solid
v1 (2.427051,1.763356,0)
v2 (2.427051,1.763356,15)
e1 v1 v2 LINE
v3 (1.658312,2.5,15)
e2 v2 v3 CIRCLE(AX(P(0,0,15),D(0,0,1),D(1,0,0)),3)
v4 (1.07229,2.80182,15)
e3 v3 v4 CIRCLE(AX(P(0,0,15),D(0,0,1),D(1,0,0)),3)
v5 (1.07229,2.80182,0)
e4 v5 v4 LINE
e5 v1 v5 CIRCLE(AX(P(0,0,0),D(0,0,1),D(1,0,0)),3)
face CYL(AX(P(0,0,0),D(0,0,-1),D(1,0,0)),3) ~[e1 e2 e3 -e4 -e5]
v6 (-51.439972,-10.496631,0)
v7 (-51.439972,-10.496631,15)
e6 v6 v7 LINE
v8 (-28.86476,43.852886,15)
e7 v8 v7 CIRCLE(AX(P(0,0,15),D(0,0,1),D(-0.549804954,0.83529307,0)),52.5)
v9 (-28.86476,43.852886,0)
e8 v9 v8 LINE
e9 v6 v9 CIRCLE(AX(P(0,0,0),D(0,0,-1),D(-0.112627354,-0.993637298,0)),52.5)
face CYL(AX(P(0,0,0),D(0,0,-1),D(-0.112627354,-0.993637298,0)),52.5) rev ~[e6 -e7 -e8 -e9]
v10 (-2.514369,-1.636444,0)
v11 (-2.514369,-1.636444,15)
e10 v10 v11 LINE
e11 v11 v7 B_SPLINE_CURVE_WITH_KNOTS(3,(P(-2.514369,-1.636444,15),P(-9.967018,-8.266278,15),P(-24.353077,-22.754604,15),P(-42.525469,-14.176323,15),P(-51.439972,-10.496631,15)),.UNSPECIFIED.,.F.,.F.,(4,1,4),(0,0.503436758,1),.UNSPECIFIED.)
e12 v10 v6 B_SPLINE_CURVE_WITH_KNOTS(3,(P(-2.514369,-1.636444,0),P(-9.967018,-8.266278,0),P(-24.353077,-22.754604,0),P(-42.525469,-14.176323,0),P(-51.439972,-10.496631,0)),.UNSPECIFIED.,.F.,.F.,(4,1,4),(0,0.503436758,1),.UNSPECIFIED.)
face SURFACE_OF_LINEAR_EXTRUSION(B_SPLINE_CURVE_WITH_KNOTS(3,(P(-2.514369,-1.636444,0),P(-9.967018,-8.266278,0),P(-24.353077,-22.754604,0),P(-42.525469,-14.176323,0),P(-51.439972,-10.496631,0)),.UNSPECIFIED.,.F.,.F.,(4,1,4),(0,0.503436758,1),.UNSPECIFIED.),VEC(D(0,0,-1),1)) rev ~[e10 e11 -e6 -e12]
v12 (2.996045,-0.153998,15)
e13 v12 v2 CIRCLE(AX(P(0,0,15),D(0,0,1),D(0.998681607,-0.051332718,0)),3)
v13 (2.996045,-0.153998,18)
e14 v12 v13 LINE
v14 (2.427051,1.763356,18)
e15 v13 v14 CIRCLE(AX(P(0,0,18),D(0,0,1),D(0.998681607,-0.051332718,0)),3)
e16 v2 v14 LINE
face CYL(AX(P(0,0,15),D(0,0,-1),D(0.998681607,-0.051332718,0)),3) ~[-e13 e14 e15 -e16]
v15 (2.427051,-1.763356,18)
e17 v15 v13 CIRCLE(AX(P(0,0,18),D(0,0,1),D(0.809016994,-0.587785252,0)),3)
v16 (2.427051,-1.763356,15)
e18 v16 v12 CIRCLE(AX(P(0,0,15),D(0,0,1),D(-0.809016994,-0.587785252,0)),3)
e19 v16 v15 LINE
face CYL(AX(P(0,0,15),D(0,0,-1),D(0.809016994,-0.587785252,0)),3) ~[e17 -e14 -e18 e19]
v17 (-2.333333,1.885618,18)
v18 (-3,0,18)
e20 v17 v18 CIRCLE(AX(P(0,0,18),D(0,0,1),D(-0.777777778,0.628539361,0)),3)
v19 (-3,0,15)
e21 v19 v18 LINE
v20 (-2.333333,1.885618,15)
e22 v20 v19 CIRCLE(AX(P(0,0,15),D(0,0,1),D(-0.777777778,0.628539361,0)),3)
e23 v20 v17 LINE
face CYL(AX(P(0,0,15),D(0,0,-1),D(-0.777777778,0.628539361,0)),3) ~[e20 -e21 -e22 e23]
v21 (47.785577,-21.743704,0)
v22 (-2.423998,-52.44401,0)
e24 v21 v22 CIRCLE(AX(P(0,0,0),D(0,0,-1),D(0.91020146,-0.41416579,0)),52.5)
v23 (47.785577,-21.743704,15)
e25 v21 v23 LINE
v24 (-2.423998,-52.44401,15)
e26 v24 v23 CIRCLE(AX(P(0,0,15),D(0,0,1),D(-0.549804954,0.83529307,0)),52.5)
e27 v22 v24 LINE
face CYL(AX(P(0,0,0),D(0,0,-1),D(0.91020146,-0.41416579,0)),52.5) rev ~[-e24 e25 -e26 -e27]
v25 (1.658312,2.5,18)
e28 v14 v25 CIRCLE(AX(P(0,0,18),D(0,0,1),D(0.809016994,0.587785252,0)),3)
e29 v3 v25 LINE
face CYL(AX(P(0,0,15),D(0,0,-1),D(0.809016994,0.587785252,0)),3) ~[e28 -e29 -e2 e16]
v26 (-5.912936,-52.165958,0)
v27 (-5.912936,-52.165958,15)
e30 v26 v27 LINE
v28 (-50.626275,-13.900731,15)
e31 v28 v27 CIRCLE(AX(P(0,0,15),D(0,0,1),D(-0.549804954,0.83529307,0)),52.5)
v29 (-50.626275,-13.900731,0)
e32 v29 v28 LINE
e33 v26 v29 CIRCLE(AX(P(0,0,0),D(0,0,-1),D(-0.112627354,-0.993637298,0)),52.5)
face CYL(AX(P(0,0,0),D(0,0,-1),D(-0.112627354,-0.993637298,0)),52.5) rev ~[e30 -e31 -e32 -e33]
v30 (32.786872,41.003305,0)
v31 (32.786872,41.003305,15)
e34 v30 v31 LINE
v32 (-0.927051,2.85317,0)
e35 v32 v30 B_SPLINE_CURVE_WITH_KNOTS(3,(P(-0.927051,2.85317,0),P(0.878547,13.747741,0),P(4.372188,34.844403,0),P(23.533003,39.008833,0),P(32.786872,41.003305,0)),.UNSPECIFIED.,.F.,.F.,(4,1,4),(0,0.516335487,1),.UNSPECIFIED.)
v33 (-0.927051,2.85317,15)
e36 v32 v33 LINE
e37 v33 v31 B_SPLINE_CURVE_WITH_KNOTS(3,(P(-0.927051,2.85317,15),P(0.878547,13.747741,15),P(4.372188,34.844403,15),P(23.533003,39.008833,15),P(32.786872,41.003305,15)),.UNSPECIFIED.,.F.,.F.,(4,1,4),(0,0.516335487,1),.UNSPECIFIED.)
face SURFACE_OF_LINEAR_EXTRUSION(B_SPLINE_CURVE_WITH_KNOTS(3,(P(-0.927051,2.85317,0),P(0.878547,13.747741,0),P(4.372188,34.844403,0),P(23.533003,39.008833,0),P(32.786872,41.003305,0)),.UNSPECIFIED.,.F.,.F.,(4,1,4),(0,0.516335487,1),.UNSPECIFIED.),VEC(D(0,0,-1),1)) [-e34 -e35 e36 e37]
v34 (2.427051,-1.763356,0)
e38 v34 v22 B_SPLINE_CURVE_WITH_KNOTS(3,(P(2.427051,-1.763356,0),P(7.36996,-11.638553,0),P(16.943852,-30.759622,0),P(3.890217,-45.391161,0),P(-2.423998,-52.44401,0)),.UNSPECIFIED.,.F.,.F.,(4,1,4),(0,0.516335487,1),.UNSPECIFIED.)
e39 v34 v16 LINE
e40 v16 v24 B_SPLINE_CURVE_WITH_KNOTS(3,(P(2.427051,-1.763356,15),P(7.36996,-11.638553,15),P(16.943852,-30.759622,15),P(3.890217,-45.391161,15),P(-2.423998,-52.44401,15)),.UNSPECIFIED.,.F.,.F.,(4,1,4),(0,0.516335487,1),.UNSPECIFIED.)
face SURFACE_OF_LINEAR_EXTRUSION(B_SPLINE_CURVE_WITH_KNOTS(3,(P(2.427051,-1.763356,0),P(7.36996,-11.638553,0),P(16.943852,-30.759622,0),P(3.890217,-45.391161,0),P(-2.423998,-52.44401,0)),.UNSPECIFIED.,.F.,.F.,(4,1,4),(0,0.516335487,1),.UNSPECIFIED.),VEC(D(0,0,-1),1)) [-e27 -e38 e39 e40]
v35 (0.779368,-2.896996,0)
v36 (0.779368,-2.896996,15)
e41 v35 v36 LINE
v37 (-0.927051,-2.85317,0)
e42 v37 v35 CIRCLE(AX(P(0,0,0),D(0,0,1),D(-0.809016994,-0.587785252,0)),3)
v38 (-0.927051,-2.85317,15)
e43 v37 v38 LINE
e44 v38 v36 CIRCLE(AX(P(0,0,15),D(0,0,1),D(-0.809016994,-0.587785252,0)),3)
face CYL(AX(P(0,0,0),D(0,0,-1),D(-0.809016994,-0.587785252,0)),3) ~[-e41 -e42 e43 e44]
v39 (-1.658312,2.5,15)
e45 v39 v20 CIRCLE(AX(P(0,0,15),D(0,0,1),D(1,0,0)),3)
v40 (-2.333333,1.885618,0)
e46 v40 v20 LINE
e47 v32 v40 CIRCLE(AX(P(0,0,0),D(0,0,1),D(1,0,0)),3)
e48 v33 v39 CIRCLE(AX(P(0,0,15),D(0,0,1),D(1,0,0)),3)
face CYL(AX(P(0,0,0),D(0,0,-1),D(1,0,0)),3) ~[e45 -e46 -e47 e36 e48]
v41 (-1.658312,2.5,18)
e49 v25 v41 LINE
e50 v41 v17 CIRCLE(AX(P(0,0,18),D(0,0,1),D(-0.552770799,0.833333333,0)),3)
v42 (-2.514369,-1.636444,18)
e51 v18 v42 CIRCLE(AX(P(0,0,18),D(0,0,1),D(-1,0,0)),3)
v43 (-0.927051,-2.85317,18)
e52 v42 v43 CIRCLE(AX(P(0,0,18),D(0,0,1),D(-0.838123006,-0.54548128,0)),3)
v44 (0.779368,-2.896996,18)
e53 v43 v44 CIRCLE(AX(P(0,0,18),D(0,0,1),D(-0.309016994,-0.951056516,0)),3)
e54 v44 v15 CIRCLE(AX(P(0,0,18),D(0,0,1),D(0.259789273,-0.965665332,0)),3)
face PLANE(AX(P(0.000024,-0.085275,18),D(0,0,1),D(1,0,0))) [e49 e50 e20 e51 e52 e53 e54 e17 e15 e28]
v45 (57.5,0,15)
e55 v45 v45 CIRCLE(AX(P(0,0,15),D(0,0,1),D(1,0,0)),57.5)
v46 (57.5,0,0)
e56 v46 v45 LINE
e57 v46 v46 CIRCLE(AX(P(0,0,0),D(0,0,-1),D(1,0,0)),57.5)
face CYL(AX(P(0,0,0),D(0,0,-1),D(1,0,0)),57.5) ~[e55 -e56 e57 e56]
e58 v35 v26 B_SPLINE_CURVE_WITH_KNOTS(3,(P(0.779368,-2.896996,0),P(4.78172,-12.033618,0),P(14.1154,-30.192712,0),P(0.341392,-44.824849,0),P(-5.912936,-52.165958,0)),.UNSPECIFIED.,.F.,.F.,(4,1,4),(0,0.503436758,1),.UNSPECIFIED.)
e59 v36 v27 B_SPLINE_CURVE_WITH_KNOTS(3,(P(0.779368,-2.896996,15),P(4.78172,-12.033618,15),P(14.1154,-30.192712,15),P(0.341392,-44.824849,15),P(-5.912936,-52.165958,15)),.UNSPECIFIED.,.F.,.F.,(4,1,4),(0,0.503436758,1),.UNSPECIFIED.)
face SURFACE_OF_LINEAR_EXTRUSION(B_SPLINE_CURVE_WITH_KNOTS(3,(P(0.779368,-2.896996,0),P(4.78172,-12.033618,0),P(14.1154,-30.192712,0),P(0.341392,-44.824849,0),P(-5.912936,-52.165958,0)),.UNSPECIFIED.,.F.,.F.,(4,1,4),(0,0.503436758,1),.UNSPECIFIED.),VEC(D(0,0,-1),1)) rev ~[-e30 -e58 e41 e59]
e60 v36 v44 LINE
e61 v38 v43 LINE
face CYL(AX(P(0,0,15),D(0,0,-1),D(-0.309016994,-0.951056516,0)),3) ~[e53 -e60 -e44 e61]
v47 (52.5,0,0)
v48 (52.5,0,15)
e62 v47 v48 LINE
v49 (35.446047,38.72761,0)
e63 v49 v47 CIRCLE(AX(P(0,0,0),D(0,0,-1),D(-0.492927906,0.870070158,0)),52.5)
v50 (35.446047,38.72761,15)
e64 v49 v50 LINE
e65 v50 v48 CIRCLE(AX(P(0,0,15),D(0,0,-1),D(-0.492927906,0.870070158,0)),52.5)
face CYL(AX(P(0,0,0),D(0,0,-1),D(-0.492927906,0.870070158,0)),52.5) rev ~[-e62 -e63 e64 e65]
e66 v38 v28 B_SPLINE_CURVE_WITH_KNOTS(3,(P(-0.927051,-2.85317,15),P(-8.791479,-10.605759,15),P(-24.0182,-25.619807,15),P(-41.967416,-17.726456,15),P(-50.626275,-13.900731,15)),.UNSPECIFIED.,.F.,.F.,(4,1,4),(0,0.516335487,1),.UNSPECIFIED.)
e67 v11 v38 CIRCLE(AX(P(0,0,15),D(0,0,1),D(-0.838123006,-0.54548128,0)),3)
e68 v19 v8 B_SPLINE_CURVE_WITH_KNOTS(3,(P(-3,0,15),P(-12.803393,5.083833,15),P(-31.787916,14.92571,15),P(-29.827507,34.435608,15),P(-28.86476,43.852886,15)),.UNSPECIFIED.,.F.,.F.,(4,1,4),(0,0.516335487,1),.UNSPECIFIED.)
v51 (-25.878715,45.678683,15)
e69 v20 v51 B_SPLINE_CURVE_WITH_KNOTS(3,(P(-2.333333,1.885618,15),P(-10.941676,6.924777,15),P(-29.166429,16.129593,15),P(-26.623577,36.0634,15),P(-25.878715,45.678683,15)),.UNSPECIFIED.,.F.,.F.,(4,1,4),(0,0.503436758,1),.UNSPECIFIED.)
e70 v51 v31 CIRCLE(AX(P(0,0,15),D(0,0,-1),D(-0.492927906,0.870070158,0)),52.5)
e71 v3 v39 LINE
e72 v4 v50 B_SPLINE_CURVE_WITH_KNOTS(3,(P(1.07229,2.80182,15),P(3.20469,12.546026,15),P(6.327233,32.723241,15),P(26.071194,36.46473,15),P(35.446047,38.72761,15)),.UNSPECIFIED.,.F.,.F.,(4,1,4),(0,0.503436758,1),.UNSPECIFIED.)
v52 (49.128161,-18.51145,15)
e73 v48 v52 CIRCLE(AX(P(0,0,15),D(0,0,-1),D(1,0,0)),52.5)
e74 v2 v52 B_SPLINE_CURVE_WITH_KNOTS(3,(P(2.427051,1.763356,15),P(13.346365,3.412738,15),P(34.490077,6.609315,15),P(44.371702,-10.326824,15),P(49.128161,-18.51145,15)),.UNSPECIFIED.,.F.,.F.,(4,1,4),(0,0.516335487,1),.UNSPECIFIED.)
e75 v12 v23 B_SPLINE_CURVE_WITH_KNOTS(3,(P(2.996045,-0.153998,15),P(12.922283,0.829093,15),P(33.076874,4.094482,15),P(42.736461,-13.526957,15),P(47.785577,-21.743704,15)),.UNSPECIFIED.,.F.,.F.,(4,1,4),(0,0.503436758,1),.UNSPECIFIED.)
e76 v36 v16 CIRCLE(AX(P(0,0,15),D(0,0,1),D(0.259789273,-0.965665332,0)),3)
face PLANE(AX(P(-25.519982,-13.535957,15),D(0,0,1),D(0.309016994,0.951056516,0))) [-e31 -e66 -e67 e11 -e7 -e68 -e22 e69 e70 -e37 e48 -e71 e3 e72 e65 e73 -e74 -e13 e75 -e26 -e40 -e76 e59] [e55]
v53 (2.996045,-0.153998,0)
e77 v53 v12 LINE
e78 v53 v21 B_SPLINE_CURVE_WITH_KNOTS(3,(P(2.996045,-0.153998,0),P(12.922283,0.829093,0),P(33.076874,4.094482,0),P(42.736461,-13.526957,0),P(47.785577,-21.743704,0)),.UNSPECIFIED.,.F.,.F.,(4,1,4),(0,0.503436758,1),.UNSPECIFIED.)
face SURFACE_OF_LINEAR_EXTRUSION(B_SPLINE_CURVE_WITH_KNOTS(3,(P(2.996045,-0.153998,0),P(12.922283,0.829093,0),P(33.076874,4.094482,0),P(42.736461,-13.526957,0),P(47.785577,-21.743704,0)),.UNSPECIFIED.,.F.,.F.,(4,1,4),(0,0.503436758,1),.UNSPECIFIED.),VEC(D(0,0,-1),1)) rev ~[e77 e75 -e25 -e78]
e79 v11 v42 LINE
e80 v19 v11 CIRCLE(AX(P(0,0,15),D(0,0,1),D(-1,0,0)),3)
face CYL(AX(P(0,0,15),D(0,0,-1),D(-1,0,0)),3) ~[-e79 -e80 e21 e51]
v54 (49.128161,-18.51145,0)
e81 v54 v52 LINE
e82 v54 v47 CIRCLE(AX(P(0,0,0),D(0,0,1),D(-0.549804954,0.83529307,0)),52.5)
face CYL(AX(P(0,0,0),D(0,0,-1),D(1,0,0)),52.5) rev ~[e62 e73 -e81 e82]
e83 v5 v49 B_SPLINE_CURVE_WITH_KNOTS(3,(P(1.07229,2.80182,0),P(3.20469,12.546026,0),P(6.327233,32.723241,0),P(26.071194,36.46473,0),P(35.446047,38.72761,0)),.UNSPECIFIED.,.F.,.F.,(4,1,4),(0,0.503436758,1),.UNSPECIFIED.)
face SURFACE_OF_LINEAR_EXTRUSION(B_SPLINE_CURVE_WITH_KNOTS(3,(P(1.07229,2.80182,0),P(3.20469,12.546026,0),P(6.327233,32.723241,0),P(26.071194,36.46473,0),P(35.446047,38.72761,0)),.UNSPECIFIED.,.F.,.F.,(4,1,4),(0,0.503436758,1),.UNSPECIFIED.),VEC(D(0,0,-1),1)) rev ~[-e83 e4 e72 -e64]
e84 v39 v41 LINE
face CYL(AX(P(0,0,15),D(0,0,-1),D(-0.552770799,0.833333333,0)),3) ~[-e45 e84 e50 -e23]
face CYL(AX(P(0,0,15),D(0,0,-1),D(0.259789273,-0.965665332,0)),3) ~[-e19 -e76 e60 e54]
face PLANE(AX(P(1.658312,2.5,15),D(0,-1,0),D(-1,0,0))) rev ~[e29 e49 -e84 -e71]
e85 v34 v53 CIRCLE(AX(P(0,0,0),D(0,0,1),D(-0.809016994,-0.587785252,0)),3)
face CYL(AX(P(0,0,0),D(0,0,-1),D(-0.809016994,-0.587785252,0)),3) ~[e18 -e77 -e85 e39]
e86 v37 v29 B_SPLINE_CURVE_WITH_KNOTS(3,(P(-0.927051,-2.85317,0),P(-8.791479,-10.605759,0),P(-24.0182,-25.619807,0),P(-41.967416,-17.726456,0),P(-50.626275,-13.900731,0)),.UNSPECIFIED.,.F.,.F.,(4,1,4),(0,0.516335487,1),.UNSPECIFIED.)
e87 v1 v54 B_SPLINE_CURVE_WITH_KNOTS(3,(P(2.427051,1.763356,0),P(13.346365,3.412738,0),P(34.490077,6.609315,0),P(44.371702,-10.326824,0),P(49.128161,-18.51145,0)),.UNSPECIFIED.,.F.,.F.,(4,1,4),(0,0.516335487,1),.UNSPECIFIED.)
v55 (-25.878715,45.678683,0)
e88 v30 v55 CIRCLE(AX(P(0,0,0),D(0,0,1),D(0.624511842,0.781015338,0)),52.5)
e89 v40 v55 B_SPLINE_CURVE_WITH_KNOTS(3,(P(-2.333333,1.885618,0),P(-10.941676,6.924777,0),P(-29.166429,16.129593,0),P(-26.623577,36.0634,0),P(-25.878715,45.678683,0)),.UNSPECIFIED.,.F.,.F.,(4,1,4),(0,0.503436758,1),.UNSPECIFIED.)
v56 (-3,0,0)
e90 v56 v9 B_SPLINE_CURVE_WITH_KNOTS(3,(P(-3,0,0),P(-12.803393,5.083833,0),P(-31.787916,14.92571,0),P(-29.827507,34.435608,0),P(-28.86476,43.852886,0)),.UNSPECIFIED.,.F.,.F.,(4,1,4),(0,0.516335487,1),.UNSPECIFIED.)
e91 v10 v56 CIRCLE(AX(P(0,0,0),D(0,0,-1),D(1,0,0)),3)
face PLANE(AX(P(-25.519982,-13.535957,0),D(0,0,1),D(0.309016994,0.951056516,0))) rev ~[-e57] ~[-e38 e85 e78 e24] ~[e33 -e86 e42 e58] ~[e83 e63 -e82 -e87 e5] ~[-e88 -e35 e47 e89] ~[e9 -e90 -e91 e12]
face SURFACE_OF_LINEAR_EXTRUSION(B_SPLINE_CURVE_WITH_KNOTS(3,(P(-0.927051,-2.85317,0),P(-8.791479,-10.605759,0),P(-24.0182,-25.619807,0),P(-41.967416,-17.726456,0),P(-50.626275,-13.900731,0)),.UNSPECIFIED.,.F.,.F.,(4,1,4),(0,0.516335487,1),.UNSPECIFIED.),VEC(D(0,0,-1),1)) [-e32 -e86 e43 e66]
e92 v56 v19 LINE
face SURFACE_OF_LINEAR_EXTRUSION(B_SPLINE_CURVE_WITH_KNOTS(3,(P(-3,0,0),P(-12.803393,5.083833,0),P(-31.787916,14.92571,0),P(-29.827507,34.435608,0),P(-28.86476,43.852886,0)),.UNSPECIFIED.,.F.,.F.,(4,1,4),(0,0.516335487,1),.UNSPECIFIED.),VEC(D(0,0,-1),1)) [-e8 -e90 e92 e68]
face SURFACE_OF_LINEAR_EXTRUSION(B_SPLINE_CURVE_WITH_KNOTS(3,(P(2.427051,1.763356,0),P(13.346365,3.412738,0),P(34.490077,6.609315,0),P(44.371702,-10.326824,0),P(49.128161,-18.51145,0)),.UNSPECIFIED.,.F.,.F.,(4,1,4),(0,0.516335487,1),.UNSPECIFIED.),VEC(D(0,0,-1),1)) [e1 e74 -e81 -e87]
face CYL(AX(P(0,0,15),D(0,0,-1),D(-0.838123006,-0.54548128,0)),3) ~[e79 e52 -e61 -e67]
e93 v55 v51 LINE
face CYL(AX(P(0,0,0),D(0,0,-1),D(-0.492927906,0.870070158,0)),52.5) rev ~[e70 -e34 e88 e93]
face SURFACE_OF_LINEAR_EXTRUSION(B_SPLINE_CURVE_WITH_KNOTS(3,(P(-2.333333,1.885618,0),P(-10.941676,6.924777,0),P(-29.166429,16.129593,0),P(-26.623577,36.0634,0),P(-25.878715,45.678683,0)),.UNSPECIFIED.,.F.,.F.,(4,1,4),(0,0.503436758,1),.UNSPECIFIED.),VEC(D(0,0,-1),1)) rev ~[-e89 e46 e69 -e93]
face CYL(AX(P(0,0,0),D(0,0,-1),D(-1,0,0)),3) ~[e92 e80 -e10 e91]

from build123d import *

# Parameters (mm, degrees)
F0_R     = 57.5
F1_DEPTH = 15
F2_DEPTH = 15
F4_COUNT = 5
F6_DEPTH = 3


with BuildPart() as f1:
    # F0 (on Top) → F1 (new body)
    with BuildSketch(Plane.XY):
        Circle(F0_R)
        with BuildLine():
            ThreePointArc((-25.8787150819, 45.6786832747), (26.4349906204, 45.3590263443), (52.5, 0))
            ThreePointArc((52.5, 0), (-24.9083328879, -46.2149862355), (-28.8647601045, 43.8528861548))
            ThreePointArc((-28.8647601045, 43.8528861548), (-27.386956798, 44.7906753393), (-25.8787150819, 45.6786832747))
        make_face(mode=Mode.SUBTRACT)
    extrude(amount=F1_DEPTH)



with BuildPart() as f1b:
    # F0 (on Top) → F1, piece 2 (new body)
    with BuildSketch(Plane.XY):
        with BuildLine():
            ThreePointArc((3, 0), (1, 2.8284271247), (-2.3333333333, 1.8856180832))
            ThreePointArc((-2.3333333333, 1.8856180832), (-2.8284271247, 1), (-3, 0))
            ThreePointArc((-3, 0), (0, -3), (3, 0))
        make_face()
    extrude(amount=F1_DEPTH)


with BuildPart() as f1_1:
    add(f1.part)

    add(f1b.part)  # F2 merges F1b
    # F0 (on Top) → F2 (join)
    with BuildSketch(Plane.XY):
        with BuildLine():
            add(Edge.make_bspline(
                [(-2.3333333333, 1.8856180832), (-10.9416758466, 6.9247769231), (-29.1664290337, 16.1295933501), (-26.623576941, 36.0633998347), (-25.8787150819, 45.6786832747)],
                knots=[0, 0, 0, 0, 0.5034367583, 1, 1, 1, 1], degree=3))
            ThreePointArc((-25.8787150819, 45.6786832747), (-27.386956798, 44.7906753393), (-28.8647601045, 43.8528861548))
            add(Edge.make_bspline(
                [(-3, 0), (-12.803393035, 5.0838333397), (-31.7879164967, 14.9257102522), (-29.8275065593, 34.4356080017), (-28.8647601045, 43.8528861548)],
                knots=[0, 0, 0, 0, 0.5163354868, 1, 1, 1, 1], degree=3))
            ThreePointArc((-3, 0), (-2.8284271247, 1), (-2.3333333333, 1.8856180832))
        make_face()
    extrude(amount=F2_DEPTH)

    # F4: F1 ×5 about axis
    f4_axis = Axis((0, 0, 5.5775735527), (0, 0, -1))


with BuildPart() as f1_2:
    add(f1_1.part)
    for i in range(1, F4_COUNT):
        add(f1_1.part.rotate(f4_axis, i * 360 / F4_COUNT))

    # F5 (on face) → F6 (join)
    with BuildSketch(Plane.XY.offset(15)):
        with BuildLine():
            Line((1.6583123952, 2.5), (-1.6583123952, 2.5))
            ThreePointArc((-1.6583123952, 2.5), (-2.0193254295, 2.2186312919), (-2.3333333333, 1.8856180832))
            ThreePointArc((-2.3333333333, 1.8856180832), (-2.8284271247, 1), (-3, 0))
            ThreePointArc((-3, 0), (-2.8760308636, -0.8534907567), (-2.5143690188, -1.6364438388))
            ThreePointArc((-2.5143690188, -1.6364438388), (-1.8250885652, -2.3809770535), (-0.9270509831, -2.8531695489))
            ThreePointArc((-0.9270509831, -2.8531695489), (-0.0770244674, -2.9990110422), (0.7793678195, -2.8969959962))
            ThreePointArc((0.7793678195, -2.8969959962), (1.700460359, -2.4715247455), (2.4270509831, -1.7633557569))
            ThreePointArc((2.4270509831, -1.7633557569), (2.8284271247, -1), (2.9960448209, -0.1539981522))
            ThreePointArc((2.9960448209, -0.1539981522), (2.8760308636, 0.8534907567), (2.4270509831, 1.7633557569))
            ThreePointArc((2.4270509831, 1.7633557569), (2.0756227182, 2.1660540925), (1.6583123952, 2.5))
        make_face()
    extrude(amount=F6_DEPTH)


solid = f1_2.part
